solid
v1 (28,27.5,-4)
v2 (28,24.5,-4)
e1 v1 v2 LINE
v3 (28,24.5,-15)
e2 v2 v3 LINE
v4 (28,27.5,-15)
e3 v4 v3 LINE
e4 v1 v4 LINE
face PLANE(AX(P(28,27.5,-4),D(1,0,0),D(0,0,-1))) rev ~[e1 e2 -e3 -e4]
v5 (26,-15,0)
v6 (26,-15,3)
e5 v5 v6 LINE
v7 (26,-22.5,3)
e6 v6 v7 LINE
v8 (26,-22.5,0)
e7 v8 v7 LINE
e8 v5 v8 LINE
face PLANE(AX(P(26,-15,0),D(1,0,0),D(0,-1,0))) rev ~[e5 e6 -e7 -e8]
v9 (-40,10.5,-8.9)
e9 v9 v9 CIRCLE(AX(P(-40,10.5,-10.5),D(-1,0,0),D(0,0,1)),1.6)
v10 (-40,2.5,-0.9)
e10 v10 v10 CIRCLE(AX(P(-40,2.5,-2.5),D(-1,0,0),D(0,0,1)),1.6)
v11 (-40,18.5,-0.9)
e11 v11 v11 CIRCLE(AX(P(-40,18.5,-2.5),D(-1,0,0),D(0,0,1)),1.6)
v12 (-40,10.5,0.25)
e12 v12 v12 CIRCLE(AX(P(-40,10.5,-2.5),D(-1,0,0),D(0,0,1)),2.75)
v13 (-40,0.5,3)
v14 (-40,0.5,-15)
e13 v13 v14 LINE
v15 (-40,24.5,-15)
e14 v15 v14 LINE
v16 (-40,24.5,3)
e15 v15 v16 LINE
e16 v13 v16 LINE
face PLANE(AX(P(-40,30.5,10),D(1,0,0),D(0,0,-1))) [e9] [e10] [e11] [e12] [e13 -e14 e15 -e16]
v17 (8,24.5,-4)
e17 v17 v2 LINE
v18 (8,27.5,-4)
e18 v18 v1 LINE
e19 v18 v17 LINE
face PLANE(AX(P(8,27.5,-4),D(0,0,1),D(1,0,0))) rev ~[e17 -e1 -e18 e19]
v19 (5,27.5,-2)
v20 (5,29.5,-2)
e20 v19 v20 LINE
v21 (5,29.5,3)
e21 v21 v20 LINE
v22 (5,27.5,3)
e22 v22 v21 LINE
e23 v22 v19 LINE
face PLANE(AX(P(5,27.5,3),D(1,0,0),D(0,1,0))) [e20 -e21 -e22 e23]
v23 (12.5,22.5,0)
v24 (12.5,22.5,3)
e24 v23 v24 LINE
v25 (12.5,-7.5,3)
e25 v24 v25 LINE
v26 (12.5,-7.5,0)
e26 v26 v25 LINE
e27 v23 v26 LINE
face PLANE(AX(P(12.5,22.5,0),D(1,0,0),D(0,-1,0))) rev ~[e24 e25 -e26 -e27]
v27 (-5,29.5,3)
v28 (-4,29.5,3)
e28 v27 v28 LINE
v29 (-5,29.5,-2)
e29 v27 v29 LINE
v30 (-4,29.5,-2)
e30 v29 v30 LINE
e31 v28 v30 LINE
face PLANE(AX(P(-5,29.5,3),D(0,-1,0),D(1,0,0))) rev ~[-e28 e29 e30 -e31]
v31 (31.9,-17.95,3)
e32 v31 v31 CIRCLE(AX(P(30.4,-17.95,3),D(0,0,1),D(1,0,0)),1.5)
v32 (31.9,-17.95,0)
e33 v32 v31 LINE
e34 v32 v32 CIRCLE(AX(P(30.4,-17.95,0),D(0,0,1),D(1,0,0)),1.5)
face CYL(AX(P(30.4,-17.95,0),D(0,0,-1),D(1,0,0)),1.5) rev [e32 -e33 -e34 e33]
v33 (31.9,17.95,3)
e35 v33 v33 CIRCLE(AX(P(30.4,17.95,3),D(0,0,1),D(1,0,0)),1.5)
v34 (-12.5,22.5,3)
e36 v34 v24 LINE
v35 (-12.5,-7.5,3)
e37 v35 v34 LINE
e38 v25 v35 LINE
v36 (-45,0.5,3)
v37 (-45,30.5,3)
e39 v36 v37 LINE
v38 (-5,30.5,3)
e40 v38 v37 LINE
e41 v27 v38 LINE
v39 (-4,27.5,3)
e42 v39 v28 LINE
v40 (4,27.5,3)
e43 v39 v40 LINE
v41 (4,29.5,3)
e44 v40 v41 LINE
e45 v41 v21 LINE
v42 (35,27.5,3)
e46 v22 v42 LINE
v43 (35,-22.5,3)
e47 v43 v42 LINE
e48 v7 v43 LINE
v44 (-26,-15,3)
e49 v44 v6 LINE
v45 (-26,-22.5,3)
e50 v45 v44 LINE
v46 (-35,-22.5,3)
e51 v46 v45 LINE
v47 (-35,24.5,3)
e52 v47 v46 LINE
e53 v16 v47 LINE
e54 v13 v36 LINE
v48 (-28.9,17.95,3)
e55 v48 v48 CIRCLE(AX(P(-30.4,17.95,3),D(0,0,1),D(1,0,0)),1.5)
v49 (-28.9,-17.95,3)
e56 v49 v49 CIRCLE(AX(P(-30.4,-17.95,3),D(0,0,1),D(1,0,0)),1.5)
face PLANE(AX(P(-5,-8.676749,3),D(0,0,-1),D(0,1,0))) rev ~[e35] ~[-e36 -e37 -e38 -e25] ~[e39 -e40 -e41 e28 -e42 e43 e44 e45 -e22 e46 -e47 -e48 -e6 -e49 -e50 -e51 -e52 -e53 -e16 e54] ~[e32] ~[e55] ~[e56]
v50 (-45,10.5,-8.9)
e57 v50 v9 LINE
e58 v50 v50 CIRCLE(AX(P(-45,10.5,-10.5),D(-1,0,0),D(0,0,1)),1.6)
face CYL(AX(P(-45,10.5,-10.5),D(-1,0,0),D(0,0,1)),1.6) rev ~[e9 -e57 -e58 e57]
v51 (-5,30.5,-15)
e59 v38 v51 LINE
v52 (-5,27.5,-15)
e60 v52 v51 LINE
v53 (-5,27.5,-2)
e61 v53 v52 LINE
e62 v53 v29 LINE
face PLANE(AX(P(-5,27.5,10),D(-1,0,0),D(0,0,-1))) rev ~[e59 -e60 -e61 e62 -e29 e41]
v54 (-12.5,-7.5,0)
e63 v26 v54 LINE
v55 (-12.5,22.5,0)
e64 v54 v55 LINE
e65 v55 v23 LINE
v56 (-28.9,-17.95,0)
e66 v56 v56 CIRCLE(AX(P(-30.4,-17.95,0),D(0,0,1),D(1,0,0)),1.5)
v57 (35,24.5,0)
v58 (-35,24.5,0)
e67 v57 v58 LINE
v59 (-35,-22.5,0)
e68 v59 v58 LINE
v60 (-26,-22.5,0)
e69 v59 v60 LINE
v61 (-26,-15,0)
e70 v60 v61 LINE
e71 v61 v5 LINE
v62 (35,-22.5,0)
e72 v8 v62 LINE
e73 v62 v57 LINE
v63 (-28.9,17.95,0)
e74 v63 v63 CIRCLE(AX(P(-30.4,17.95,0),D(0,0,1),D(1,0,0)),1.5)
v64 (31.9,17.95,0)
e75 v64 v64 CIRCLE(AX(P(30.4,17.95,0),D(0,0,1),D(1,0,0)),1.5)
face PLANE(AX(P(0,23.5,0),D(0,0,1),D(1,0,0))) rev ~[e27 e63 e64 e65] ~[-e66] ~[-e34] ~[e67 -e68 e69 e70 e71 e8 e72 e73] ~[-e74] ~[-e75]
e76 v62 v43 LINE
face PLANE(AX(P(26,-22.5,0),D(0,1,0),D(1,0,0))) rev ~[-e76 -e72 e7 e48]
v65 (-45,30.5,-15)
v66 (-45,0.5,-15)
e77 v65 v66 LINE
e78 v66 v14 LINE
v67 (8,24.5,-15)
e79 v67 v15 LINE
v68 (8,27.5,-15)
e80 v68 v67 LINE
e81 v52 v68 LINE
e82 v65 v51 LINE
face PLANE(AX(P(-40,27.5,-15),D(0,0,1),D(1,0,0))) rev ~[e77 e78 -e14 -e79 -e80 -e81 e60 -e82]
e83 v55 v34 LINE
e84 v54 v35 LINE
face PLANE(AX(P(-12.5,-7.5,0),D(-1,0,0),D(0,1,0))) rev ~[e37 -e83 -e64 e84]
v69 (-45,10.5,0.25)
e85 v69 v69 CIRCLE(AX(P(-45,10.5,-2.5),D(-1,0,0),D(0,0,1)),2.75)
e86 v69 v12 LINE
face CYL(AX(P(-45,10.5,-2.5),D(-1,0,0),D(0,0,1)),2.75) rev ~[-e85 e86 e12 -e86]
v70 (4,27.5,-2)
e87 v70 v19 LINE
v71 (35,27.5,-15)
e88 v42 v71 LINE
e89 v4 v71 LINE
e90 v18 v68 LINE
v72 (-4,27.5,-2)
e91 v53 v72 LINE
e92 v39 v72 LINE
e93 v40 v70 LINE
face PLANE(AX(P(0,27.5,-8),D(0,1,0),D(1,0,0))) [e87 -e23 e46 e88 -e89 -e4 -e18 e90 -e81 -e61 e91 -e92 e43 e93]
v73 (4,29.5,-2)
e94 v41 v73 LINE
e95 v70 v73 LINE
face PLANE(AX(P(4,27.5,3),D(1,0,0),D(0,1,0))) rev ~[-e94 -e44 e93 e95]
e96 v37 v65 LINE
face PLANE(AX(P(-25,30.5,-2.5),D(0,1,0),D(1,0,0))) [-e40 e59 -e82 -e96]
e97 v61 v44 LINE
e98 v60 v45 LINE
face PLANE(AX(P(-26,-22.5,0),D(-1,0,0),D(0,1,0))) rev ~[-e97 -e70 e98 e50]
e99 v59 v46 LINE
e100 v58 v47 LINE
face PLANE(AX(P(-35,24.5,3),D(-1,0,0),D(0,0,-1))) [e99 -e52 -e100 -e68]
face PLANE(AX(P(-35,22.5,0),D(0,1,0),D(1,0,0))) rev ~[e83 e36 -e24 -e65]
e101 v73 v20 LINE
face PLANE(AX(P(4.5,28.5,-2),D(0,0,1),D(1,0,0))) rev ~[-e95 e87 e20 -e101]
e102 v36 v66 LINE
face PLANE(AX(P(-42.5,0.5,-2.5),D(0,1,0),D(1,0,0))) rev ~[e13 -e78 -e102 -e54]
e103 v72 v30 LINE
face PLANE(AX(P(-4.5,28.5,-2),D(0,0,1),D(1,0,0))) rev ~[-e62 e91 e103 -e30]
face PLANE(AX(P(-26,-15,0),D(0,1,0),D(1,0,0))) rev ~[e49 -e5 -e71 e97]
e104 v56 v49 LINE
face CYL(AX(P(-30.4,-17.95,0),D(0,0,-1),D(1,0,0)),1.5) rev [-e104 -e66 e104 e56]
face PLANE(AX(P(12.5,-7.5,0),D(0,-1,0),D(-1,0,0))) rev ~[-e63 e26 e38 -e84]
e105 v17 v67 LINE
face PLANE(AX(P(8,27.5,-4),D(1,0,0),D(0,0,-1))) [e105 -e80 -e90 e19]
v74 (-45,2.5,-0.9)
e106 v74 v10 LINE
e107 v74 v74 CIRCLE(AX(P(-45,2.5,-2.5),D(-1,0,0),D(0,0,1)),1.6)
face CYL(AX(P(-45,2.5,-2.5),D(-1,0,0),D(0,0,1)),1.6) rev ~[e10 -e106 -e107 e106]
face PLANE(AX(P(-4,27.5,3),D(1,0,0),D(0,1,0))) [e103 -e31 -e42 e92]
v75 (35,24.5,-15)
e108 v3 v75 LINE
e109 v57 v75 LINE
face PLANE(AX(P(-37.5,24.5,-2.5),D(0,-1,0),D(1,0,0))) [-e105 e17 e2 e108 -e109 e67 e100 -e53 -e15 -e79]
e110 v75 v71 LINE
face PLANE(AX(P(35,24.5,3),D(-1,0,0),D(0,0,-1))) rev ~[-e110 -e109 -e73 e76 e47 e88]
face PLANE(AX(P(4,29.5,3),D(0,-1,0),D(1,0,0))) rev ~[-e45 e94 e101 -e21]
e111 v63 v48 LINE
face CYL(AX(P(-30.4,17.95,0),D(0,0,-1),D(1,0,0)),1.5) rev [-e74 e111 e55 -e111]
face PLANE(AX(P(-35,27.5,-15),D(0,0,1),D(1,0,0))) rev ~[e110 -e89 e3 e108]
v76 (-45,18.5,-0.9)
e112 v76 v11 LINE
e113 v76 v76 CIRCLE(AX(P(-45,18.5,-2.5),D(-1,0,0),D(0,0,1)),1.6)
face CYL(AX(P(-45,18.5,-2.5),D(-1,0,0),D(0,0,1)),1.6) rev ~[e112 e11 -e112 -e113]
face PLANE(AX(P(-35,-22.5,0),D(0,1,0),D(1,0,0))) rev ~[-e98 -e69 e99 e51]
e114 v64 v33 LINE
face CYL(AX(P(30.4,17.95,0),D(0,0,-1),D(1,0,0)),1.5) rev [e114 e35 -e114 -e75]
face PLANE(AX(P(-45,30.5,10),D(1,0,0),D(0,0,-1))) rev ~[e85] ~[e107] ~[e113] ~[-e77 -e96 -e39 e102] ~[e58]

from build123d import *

# Parameters (mm, degrees)
SKETCH_1_R          = 1.5
EXTRUDE_1_DEPTH     = 3
SKETCH_2_W          = 70
SKETCH_2_H          = 22
EXTRUDE_2_DEPTH     = 3
SKETCH_3_W          = 20
SKETCH_3_H          = 21.549001307
CUT_EXTRUDE_1_DEPTH = 3
SKETCH_4_W          = 1
SKETCH_4_H          = 2
EXTRUDE_3_DEPTH     = 5
SKETCH_5_W          = 40
SKETCH_5_H          = 25
EXTRUDE_4_DEPTH     = 3
SKETCH_6_W          = 79.808748454
SKETCH_6_H          = 4
CUT_EXTRUDE_2_DEPTH = 5
SKETCH_7_W          = 5
SKETCH_7_H          = 25
EXTRUDE_5_DEPTH     = 30
SKETCH_8_R          = 2.75
SKETCH_8_R_2        = 1.6
CUT_EXTRUDE_3_DEPTH = 5
SKETCH_9_W          = 5
SKETCH_9_H          = 25
EXTRUDE_6_DEPTH     = 3
SKETCH_10_W         = 7
SKETCH_10_H         = 39.176748617
CUT_EXTRUDE_4_DEPTH = 53.490475326


with BuildPart() as part:
    # 草图1 → 凸台-拉伸1 (new body)
    # profile 1 of 2: a face of its own
    with BuildSketch(Plane.XY):
        Polygon((26, -22.5), (35, -22.5), (35, 22.5), (12.5, 22.5), (12.5, -7.5), (-12.5, -7.5), (-12.5, 22.5), (-35, 22.5), (-35, -22.5), (-26, -22.5), (-26, -15), (26, -15), align=None)
        with Locations((-30.4, -17.95)):
            Circle(SKETCH_1_R, mode=Mode.SUBTRACT)
        with Locations((30.4, -17.95)):
            Circle(SKETCH_1_R, mode=Mode.SUBTRACT)
        with Locations((-30.4, 17.95)):
            Circle(SKETCH_1_R, mode=Mode.SUBTRACT)
        with Locations((30.4, 17.95)):
            Circle(SKETCH_1_R, mode=Mode.SUBTRACT)
    # profile 2 of 2: a face of its own
    with BuildSketch(Plane.XY):
        Polygon((12.5, 22.5), (35, 22.5), (35, 24.5), (-35, 24.5), (-35, 22.5), (-12.5, 22.5), align=None)
    extrude(amount=EXTRUDE_1_DEPTH)

    # 草图2 → 凸台-拉伸2 (add)
    with BuildSketch(Plane(origin=(0, 24.5, 0), x_dir=(1, 0, 0), z_dir=(0, 1, 0))):
        with Locations((0, 8)):
            Rectangle(SKETCH_2_W, SKETCH_2_H)
    extrude(amount=EXTRUDE_2_DEPTH)

    # 草图3 → 切除-拉伸1 (cut)
    with BuildSketch(Plane(origin=(0, 27.5, 0), x_dir=(1, 0, 0), z_dir=(0, 1, 0))):
        with Locations((18, 14.774500654)):
            Rectangle(SKETCH_3_W, SKETCH_3_H)
    extrude(amount=-CUT_EXTRUDE_1_DEPTH, mode=Mode.SUBTRACT)

    # 草图4 → 凸台-拉伸3 (add)
    with BuildSketch(Plane.XY.offset(3)):
        with Locations((4.5, 28.5)):
            Rectangle(SKETCH_4_W, SKETCH_4_H)
        with Locations((-4.5, 28.5)):
            Rectangle(SKETCH_4_W, SKETCH_4_H)
    extrude(amount=-EXTRUDE_3_DEPTH)

    # 草图5 → 凸台-拉伸4 (add)
    with BuildSketch(Plane(origin=(0, 27.5, 0), x_dir=(1, 0, 0), z_dir=(0, 1, 0))):
        with Locations((-25, 2.5)):
            Rectangle(SKETCH_5_W, SKETCH_5_H)
    extrude(amount=EXTRUDE_4_DEPTH)

    # 草图6 → 切除-拉伸2 (cut)
    with BuildSketch(Plane(origin=(0, 27.5, 0), x_dir=(1, 0, 0), z_dir=(0, 1, 0))):
        with Locations((4.904374227, 17)):
            Rectangle(SKETCH_6_W, SKETCH_6_H)
    extrude(amount=-CUT_EXTRUDE_2_DEPTH, mode=Mode.SUBTRACT)

    # 草图7 → 凸台-拉伸5 (add)
    with BuildSketch(Plane(origin=(0, 30.5, 0), x_dir=(1, 0, 0), z_dir=(0, 1, 0))):
        with Locations((-42.5, 2.5)):
            Rectangle(SKETCH_7_W, SKETCH_7_H)
    extrude(amount=-EXTRUDE_5_DEPTH)

    # 草图8 → 切除-拉伸3 (cut)
    with BuildSketch(Plane.ZY.offset(45)):
        with Locations((-2.5, 10.5)):
            Circle(SKETCH_8_R)
        with Locations((-2.5, 18.5)):
            Circle(SKETCH_8_R_2)
        with Locations((5.5, 10.5)):
            Circle(SKETCH_8_R_2)
        with Locations((-2.5, 2.5)):
            Circle(SKETCH_8_R_2)
        with Locations((-10.5, 10.5)):
            Circle(SKETCH_8_R_2)
    extrude(amount=-CUT_EXTRUDE_3_DEPTH, mode=Mode.SUBTRACT)

    # 草图9 → 凸台-拉伸6 (add)
    with BuildSketch(Plane.XZ.offset(-27.5)):
        with Locations((-37.5, -2.5)):
            Rectangle(SKETCH_9_W, SKETCH_9_H)
    extrude(amount=EXTRUDE_6_DEPTH)

    # 草图10 → 切除-拉伸4 (cut, through all)
    with BuildSketch(Plane(origin=(-5, 0, 0), x_dir=(0, 0, -1), z_dir=(1, 0, 0))):
        with Locations((-6.5, 10.911625692)):
            Rectangle(SKETCH_10_W, SKETCH_10_H)
    extrude(amount=-CUT_EXTRUDE_4_DEPTH, mode=Mode.SUBTRACT)


solid = part.part
